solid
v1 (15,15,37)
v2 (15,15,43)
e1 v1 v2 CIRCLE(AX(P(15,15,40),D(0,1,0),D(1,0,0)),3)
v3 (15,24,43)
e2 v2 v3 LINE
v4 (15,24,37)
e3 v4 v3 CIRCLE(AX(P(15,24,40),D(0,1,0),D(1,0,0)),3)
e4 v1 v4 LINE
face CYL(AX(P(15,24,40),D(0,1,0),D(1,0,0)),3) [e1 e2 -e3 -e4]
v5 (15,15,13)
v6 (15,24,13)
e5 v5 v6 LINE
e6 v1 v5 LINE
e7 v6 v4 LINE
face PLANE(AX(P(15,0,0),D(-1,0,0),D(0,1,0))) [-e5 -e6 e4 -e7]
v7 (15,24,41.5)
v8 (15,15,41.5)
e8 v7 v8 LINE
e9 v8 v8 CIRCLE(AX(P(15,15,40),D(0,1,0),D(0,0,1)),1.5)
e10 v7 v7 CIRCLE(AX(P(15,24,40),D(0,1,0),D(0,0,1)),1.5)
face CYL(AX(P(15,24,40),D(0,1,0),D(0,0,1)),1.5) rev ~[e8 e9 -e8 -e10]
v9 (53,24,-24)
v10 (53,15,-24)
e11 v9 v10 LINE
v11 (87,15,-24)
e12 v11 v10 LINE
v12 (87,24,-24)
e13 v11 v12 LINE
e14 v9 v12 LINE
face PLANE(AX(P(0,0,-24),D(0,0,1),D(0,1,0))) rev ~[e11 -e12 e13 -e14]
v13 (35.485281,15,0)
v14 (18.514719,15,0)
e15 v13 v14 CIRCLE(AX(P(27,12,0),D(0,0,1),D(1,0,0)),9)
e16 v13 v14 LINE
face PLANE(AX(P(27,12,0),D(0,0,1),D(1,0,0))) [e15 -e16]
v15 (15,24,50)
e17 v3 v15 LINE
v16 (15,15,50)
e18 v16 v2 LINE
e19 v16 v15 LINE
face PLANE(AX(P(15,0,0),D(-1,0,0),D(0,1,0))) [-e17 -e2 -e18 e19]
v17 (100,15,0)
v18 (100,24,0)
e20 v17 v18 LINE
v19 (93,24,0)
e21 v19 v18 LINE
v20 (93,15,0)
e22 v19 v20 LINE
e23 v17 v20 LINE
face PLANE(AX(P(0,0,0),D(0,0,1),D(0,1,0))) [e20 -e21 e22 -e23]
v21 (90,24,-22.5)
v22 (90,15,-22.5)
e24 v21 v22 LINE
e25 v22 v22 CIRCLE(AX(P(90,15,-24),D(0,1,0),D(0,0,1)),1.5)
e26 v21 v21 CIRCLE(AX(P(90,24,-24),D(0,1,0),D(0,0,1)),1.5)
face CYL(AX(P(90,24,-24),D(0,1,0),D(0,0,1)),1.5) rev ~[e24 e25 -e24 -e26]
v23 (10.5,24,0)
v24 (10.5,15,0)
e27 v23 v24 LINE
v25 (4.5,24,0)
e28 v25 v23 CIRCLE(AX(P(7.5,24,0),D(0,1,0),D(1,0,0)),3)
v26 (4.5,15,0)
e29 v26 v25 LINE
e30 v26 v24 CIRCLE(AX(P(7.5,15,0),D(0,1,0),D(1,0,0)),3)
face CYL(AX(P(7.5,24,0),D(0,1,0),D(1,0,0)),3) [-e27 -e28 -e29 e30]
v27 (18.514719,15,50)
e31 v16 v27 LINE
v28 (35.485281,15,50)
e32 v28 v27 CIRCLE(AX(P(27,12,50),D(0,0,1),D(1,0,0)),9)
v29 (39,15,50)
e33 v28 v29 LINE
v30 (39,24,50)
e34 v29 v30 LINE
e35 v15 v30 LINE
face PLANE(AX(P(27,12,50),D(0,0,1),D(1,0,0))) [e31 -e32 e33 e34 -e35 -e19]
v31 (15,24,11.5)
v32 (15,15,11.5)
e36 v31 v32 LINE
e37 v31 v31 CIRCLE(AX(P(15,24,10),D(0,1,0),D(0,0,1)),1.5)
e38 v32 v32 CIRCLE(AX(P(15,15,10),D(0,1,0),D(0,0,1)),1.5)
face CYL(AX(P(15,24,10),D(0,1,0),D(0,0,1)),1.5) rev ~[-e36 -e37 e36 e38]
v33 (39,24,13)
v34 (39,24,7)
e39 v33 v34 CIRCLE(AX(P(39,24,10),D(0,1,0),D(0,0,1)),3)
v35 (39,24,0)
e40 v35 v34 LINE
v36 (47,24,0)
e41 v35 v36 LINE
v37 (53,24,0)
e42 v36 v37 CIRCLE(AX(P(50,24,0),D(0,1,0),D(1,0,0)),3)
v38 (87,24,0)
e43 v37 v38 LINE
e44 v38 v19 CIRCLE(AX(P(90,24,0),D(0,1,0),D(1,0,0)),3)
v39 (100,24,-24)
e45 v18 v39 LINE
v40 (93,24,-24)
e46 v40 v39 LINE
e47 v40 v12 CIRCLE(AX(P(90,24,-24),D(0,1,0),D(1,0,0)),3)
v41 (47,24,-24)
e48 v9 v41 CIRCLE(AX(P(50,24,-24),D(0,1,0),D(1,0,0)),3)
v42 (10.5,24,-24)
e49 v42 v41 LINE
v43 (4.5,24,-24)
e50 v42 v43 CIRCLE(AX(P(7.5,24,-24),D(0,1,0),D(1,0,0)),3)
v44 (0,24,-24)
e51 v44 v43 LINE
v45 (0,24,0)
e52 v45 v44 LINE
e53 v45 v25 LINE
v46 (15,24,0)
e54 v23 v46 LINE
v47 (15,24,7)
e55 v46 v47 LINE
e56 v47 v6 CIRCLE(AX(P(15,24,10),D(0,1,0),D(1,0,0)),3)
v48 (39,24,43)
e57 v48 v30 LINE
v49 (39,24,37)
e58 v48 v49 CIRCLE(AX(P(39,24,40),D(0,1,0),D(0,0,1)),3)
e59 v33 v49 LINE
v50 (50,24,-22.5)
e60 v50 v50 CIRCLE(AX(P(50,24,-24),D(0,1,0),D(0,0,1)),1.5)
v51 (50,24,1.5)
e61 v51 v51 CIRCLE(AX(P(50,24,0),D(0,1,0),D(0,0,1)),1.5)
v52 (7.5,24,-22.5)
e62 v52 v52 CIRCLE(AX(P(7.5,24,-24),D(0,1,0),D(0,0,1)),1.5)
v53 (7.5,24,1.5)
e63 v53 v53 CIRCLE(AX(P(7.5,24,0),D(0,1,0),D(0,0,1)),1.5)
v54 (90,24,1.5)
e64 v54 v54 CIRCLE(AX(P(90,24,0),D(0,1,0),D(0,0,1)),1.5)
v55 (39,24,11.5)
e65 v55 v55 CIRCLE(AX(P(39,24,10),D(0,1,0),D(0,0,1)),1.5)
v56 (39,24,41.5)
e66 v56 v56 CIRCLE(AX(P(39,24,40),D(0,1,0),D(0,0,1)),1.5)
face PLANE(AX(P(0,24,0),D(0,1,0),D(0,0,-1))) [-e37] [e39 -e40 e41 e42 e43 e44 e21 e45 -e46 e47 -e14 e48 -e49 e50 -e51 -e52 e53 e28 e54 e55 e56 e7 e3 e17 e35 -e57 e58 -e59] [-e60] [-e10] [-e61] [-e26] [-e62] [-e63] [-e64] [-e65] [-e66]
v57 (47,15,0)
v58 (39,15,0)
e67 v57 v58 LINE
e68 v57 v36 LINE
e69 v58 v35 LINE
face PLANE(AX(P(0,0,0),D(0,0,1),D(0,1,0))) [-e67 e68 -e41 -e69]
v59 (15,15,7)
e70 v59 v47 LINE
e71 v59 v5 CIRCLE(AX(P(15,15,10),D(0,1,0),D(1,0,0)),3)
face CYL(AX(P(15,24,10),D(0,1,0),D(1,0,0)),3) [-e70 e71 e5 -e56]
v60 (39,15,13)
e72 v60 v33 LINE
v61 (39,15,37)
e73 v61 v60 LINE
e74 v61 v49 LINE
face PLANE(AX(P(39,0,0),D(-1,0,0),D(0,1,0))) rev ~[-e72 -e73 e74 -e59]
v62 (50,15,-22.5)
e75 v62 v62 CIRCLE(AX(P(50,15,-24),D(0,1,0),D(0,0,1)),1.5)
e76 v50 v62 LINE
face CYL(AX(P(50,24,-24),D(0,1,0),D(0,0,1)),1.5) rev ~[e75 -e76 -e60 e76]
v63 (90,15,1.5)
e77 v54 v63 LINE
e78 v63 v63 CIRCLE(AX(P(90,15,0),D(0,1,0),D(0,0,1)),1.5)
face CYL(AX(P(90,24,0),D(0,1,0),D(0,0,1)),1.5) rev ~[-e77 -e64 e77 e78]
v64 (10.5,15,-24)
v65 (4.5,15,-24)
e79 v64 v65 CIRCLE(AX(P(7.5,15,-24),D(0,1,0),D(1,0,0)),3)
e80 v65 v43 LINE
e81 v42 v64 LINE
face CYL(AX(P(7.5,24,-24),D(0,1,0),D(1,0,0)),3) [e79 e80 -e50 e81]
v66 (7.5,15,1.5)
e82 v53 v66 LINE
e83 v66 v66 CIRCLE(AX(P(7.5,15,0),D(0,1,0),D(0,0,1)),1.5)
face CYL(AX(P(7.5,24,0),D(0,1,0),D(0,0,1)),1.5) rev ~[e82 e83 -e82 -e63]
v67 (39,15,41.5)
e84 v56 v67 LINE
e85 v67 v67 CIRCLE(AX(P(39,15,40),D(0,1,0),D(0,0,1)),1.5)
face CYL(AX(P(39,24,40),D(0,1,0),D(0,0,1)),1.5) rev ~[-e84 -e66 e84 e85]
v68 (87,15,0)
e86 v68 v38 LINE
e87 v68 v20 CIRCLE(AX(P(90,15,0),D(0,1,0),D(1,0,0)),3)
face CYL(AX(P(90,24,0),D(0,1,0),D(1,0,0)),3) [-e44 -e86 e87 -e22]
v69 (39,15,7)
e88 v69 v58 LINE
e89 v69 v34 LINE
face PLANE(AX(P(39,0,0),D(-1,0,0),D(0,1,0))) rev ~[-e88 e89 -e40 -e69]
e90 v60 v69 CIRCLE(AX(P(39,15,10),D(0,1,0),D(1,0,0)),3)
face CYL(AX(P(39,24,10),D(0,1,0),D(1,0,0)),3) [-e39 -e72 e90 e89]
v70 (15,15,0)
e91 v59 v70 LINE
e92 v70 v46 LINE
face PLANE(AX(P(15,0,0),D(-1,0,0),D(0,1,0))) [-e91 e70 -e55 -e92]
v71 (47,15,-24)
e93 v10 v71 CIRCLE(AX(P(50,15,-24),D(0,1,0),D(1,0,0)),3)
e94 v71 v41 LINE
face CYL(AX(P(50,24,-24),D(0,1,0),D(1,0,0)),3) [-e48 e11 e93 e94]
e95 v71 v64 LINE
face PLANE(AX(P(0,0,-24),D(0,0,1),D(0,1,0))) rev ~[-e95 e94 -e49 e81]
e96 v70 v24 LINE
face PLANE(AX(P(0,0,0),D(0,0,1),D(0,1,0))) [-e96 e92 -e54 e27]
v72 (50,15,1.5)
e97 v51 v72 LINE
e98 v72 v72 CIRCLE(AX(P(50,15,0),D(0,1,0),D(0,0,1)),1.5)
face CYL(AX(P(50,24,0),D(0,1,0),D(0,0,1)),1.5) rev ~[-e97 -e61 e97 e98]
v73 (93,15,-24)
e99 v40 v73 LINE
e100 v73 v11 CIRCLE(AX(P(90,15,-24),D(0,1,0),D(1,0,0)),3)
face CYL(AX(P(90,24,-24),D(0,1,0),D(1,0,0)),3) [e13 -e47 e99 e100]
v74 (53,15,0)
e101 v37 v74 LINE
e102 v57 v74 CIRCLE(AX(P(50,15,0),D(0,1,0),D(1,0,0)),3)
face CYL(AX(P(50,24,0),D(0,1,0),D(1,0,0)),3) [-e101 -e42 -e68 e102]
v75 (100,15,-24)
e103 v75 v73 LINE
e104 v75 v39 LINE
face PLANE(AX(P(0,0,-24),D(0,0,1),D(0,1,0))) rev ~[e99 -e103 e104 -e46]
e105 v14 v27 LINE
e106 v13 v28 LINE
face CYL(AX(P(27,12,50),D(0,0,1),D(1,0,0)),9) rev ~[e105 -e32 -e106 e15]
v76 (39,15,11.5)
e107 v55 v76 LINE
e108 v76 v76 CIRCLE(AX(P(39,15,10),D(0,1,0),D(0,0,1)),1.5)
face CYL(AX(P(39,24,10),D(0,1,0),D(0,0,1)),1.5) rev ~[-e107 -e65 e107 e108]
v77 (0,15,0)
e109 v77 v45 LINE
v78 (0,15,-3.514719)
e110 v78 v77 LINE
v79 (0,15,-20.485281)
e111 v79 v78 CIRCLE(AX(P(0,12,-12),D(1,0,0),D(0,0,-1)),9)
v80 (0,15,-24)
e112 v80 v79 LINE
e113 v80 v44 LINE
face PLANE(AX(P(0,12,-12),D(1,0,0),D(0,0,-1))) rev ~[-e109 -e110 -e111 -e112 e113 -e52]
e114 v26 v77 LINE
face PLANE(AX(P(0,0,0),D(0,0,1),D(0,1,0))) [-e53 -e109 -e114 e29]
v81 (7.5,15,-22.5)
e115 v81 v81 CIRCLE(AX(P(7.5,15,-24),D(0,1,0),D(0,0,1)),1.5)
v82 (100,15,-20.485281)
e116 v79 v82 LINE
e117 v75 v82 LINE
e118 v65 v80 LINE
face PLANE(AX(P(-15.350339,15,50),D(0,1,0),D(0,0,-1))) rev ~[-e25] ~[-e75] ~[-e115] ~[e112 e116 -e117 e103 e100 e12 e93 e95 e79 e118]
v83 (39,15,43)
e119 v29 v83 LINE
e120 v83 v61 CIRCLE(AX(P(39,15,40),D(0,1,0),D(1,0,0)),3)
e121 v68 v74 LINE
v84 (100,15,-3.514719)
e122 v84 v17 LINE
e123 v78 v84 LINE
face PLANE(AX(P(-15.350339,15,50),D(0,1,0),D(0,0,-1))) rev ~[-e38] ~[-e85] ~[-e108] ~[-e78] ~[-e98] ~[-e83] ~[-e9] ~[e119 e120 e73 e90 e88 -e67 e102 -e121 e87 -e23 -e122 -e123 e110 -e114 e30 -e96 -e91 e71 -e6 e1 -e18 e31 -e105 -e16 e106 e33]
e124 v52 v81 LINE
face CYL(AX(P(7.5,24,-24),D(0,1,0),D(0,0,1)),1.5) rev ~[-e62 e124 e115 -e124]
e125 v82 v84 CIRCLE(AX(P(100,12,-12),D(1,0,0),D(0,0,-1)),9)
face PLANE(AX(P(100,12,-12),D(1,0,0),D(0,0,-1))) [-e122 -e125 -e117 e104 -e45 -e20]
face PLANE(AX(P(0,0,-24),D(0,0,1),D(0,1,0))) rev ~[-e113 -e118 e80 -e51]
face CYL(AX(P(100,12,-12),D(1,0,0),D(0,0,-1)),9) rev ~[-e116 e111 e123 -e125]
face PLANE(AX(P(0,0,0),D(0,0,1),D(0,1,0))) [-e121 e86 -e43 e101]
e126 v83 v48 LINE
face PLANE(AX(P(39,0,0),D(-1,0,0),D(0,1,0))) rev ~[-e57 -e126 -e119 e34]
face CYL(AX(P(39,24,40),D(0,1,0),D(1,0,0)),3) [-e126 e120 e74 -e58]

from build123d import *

# Parameters (mm, degrees)
SKETCH1_W               = 24
SKETCH1_H               = 24
BOSS_EXTRUDE1_DEPTH     = 100
SKETCH2_R               = 9
CUT_EXTRUDE1_DEPTH      = 100
SKETCH3_W               = 24
SKETCH3_H               = 24
BOSS_EXTRUDE2_DEPTH     = 50
SKETCH4_R               = 9
CUT_EXTRUDE2_DEPTH      = 50
SKETCH5_R               = 3
BOSS_EXTRUDE3_DEPTH     = 24
SKETCH6_R               = 1.5
CUT_EXTRUDE3_DEPTH      = 24
CUT_EXTRUDE4_DEPTH      = 115.350338871
CUT_EXTRUDE4_DEPTH_BACK = 115.350338871
SKETCH7_W               = 77
SKETCH7_H               = 15


with BuildPart() as part:
    # Sketch1 → Boss-Extrude1 (new body)
    with BuildSketch(Plane(origin=(0, 0, 0), x_dir=(0, 0, -1), z_dir=(1, 0, 0))):
        with Locations((12, 12)):
            Rectangle(SKETCH1_W, SKETCH1_H)
    extrude(amount=BOSS_EXTRUDE1_DEPTH)

    # Sketch2 → Cut-Extrude1 (cut)
    with BuildSketch(Plane(origin=(100, 0, 0), x_dir=(0, 0, -1), z_dir=(1, 0, 0))):
        with Locations((12, 12)):
            Circle(SKETCH2_R)
    extrude(amount=-CUT_EXTRUDE1_DEPTH, mode=Mode.SUBTRACT)

    # Sketch3 → Boss-Extrude2 (add)
    with BuildSketch(Plane.XY):
        with Locations((27, 12)):
            Rectangle(SKETCH3_W, SKETCH3_H)
    extrude(amount=BOSS_EXTRUDE2_DEPTH)

    # Sketch4 → Cut-Extrude2 (cut)
    with BuildSketch(Plane.XY.offset(50)):
        with Locations((27, 12)):
            Circle(SKETCH4_R)
    extrude(amount=-CUT_EXTRUDE2_DEPTH, mode=Mode.SUBTRACT)

    # Sketch5 → Boss-Extrude3 (add)
    with BuildSketch(Plane(origin=(0, 24, 0), x_dir=(1, 0, 0), z_dir=(0, 1, 0))):
        with Locations((90, 0)):
            Circle(SKETCH5_R)
        with Locations((90, 24)):
            Circle(SKETCH5_R)
        with Locations((50, 0)):
            Circle(SKETCH5_R)
        with Locations((50, 24)):
            Circle(SKETCH5_R)
        with Locations((7.5, 0)):
            Circle(SKETCH5_R)
        with Locations((7.5, 24)):
            Circle(SKETCH5_R)
        with Locations((15, -10)):
            Circle(SKETCH5_R)
        with Locations((39, -10)):
            Circle(SKETCH5_R)
        with Locations((15, -40)):
            Circle(SKETCH5_R)
        with Locations((39, -40)):
            Circle(SKETCH5_R)
    extrude(amount=-BOSS_EXTRUDE3_DEPTH)

    # Sketch6 → Cut-Extrude3 (cut)
    with BuildSketch(Plane(origin=(0, 24, 0), x_dir=(1, 0, 0), z_dir=(0, 1, 0))):
        with Locations(Location((50, 24, 0), (0, 0, 270))):
            Circle(SKETCH6_R)
        with Locations(Location((50, 0, 0), (0, 0, 270))):
            Circle(SKETCH6_R)
        with Locations(Location((90, 24, 0), (0, 0, 270))):
            Circle(SKETCH6_R)
        with Locations(Location((90, 0, 0), (0, 0, 270))):
            Circle(SKETCH6_R)
        with Locations(Location((15, -40, 0), (0, 0, 270))):
            Circle(SKETCH6_R)
        with Locations(Location((15, -10, 0), (0, 0, 270))):
            Circle(SKETCH6_R)
        with Locations(Location((39, -10, 0), (0, 0, 270))):
            Circle(SKETCH6_R)
        with Locations(Location((39, -40, 0), (0, 0, 270))):
            Circle(SKETCH6_R)
        with Locations(Location((7.5, 0, 0), (0, 0, 270))):
            Circle(SKETCH6_R)
        with Locations(Location((7.5, 24, 0), (0, 0, 270))):
            Circle(SKETCH6_R)
    extrude(amount=-CUT_EXTRUDE3_DEPTH, mode=Mode.SUBTRACT)

    # Sketch7 → Cut-Extrude4 (cut, two sides: drawn at the far end of the back side and taken through both)
    with BuildSketch(Plane(origin=(100, 0, 0), x_dir=(0, 0, -1), z_dir=(1, 0, 0)).offset(-CUT_EXTRUDE4_DEPTH_BACK)):
        with Locations((-11.5, 7.5)):
            Rectangle(SKETCH7_W, SKETCH7_H)
    extrude(amount=CUT_EXTRUDE4_DEPTH + CUT_EXTRUDE4_DEPTH_BACK, mode=Mode.SUBTRACT)


solid = part.part
